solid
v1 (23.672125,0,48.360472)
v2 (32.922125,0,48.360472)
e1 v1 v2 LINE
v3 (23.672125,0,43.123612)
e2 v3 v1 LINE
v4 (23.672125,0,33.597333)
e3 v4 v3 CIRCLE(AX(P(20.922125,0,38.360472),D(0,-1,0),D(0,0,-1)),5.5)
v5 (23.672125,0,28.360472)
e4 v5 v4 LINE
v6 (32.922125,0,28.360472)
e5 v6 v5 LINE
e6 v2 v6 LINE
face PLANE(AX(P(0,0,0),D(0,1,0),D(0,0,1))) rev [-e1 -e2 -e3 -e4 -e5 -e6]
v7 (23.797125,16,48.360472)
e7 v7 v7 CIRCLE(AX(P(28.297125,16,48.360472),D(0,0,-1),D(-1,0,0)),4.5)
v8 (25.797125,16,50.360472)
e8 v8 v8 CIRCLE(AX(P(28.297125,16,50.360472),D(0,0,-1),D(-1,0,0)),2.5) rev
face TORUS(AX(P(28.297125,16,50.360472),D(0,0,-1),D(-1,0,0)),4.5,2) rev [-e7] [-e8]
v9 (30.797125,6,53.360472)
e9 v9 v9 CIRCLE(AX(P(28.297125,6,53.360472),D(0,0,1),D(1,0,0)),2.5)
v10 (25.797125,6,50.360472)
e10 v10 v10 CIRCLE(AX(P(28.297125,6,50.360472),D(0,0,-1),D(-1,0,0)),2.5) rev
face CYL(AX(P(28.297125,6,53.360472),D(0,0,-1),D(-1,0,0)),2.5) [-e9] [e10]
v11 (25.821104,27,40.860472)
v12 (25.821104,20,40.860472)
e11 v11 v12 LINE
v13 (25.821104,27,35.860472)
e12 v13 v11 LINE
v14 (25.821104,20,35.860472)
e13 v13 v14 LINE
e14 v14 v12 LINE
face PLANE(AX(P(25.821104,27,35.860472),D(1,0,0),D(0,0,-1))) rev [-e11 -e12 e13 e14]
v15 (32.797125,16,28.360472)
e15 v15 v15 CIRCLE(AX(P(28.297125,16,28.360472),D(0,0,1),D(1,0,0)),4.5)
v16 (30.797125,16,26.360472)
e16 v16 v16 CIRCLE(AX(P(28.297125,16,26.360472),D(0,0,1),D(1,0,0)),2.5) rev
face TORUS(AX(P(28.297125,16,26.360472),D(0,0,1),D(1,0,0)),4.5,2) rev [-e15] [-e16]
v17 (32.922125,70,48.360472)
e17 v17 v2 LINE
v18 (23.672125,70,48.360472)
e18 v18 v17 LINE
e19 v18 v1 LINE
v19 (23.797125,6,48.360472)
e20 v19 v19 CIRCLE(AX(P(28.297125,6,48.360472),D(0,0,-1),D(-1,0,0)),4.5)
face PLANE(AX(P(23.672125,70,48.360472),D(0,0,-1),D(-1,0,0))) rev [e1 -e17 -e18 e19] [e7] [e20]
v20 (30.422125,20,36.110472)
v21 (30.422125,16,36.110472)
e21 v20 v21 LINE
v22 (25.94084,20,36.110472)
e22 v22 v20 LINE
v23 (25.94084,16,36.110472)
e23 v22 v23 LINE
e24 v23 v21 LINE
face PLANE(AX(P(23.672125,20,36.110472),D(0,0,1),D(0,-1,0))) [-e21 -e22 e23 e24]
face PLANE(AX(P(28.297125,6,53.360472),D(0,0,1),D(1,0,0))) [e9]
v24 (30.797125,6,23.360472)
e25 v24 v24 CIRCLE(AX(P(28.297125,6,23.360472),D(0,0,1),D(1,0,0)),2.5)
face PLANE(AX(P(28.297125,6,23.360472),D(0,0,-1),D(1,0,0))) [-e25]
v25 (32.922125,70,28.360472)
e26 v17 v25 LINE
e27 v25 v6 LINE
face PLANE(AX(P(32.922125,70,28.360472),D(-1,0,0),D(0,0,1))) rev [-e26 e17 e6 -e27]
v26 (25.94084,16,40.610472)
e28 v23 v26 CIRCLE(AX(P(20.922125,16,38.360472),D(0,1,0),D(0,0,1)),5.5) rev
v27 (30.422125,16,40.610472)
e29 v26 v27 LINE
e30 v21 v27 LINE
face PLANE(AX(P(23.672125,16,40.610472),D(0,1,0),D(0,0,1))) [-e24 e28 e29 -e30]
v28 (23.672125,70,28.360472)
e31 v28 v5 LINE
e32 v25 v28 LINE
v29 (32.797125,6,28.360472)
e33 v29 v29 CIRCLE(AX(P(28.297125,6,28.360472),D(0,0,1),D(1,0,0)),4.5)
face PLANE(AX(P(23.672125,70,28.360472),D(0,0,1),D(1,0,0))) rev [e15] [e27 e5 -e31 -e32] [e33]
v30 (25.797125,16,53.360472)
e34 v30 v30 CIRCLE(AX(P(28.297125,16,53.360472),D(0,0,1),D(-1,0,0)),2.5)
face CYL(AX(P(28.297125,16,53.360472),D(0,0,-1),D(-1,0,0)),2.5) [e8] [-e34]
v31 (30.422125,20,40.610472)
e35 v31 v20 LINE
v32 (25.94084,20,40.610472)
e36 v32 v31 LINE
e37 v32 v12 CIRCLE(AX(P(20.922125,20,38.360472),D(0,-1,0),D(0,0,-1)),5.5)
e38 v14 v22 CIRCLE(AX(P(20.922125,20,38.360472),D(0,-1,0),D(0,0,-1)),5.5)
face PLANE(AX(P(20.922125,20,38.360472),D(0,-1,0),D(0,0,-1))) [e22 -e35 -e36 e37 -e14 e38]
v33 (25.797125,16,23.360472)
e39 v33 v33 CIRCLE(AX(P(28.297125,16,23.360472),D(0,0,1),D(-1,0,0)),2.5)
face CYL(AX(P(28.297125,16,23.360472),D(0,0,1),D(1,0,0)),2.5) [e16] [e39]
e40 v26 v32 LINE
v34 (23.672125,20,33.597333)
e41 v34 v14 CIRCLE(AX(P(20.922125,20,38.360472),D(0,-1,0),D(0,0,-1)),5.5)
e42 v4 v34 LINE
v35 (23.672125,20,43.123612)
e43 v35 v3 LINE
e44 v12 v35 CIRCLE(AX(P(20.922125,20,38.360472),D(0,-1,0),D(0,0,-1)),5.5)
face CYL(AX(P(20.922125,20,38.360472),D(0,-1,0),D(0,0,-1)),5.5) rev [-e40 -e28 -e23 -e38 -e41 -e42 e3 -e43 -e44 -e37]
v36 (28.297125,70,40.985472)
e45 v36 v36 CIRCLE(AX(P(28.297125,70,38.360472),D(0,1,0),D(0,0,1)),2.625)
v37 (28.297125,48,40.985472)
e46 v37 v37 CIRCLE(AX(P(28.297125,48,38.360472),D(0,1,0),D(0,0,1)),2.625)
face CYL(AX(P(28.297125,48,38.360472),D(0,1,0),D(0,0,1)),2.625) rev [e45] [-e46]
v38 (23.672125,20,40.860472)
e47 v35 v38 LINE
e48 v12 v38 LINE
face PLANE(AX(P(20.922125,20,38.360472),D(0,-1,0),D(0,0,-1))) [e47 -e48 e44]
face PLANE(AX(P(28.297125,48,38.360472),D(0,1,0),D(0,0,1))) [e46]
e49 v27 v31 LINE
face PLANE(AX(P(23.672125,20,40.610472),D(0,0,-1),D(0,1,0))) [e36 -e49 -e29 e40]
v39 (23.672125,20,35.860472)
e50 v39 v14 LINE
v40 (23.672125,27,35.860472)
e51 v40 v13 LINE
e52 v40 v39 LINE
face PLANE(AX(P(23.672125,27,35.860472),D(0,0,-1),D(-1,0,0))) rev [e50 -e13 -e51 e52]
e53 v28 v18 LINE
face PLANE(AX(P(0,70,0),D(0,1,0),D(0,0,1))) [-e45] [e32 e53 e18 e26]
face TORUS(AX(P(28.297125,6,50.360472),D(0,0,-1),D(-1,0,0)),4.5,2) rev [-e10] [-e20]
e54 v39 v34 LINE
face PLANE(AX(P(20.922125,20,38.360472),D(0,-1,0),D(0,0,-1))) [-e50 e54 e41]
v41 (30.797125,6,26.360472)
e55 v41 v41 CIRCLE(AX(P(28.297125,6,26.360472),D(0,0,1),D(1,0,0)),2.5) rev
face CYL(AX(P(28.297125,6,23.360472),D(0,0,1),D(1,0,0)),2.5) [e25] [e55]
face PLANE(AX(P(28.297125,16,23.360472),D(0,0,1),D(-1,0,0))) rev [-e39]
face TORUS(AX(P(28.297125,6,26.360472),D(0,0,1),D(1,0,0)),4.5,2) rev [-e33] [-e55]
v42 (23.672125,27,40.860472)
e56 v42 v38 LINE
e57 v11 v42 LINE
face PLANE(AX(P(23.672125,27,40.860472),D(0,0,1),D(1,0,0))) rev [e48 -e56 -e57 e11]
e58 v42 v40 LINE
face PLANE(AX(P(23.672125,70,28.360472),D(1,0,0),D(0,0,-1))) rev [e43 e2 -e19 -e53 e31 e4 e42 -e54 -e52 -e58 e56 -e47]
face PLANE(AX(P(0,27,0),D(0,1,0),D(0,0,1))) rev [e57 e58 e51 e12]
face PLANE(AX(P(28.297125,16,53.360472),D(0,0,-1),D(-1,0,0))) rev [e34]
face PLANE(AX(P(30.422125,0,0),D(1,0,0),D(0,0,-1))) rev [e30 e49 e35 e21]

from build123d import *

# Parameters (mm, degrees)
SKETCH1_W               = 9.25
SKETCH1_H               = 20
BOSS_EXTRUDE1_DEPTH     = 70
SKETCH2_R               = 2.625
CUT_EXTRUDE1_DEPTH      = 22
SKETCH4_R               = 5.5
CUT_EXTRUDE3_DEPTH      = 20
SKETCH5_W               = 2.148979486
SKETCH5_H               = 5
CUT_EXTRUDE4_DEPTH      = 7
CUT_EXTRUDE5_DEPTH      = 86.328689654
CUT_EXTRUDE5_DEPTH_BACK = 4
SKETCH6_W               = 4.5
SKETCH6_H               = 4
SKETCH7_R               = 2.5
BOSS_EXTRUDE2_DEPTH     = 5
FILLET1_R               = 2


with BuildPart() as part:
    # Sketch1 → Boss-Extrude1 (new body)
    with BuildSketch(Plane(origin=(0, 0, 0), x_dir=(1, 0, 0), z_dir=(0, 1, 0))):
        with Locations((28.297124636, -38.360472269)):
            Rectangle(SKETCH1_W, SKETCH1_H)
    extrude(amount=BOSS_EXTRUDE1_DEPTH)

    # Sketch2 → Cut-Extrude1 (cut)
    with BuildSketch(Plane(origin=(0, 70, 0), x_dir=(1, 0, 0), z_dir=(0, 1, 0))):
        with Locations((28.297124636, -38.360472269)):
            Circle(SKETCH2_R)
    extrude(amount=-CUT_EXTRUDE1_DEPTH, mode=Mode.SUBTRACT)

    # Sketch4 → Cut-Extrude3 (cut)
    with BuildSketch(Plane(origin=(0, 0, 0), x_dir=(-1, 0, 0), z_dir=(0, -1, 0))):
        with Locations((-20.922124636, -38.360472269)):
            Circle(SKETCH4_R)
    extrude(amount=-CUT_EXTRUDE3_DEPTH, mode=Mode.SUBTRACT)

    # Sketch5 → Cut-Extrude4 (cut)
    with BuildSketch(Plane(origin=(0, 20, 0), x_dir=(-1, 0, 0), z_dir=(0, -1, 0))):
        with Locations((-24.746614379, -38.360472269)):
            Rectangle(SKETCH5_W, SKETCH5_H)
    extrude(amount=-CUT_EXTRUDE4_DEPTH, mode=Mode.SUBTRACT)

    # Sketch6 → Cut-Extrude5 (cut, two sides: drawn at the far end of the back side and taken through both)
    with BuildSketch(Plane.ZY.offset(-26.422124636).offset(-CUT_EXTRUDE5_DEPTH_BACK)):
        with Locations((38.360472269, 18)):
            Rectangle(SKETCH6_W, SKETCH6_H)
    extrude(amount=CUT_EXTRUDE5_DEPTH + CUT_EXTRUDE5_DEPTH_BACK, mode=Mode.SUBTRACT)

    # Sketch7 → Boss-Extrude2 (add)
    with BuildSketch(Plane.XY.offset(48.360472269)):
        with Locations((28.297124636, 6)):
            Circle(SKETCH7_R)
        with Locations((28.297124636, 16)):
            Circle(SKETCH7_R)
    boss_extrude2 = extrude(amount=BOSS_EXTRUDE2_DEPTH)

    # Mirror1: Boss-Extrude2 across plane
    add(boss_extrude2.mirror(Plane(origin=(0, 0, 38.360472269), x_dir=(1, 0, 0), z_dir=(0, 0, -1))))

    # Fillet1
    fillet1_edges = [part.edges().sort_by_distance(p)[0] for p in [
        (25.797124636, 16, 28.360472269),
        (25.797124636, 6, 28.360472269),
        (25.797124636, 6, 48.360472269),
        (25.797124636, 16, 48.360472269),
    ]]
    fillet(fillet1_edges, radius=FILLET1_R)


solid = part.part
